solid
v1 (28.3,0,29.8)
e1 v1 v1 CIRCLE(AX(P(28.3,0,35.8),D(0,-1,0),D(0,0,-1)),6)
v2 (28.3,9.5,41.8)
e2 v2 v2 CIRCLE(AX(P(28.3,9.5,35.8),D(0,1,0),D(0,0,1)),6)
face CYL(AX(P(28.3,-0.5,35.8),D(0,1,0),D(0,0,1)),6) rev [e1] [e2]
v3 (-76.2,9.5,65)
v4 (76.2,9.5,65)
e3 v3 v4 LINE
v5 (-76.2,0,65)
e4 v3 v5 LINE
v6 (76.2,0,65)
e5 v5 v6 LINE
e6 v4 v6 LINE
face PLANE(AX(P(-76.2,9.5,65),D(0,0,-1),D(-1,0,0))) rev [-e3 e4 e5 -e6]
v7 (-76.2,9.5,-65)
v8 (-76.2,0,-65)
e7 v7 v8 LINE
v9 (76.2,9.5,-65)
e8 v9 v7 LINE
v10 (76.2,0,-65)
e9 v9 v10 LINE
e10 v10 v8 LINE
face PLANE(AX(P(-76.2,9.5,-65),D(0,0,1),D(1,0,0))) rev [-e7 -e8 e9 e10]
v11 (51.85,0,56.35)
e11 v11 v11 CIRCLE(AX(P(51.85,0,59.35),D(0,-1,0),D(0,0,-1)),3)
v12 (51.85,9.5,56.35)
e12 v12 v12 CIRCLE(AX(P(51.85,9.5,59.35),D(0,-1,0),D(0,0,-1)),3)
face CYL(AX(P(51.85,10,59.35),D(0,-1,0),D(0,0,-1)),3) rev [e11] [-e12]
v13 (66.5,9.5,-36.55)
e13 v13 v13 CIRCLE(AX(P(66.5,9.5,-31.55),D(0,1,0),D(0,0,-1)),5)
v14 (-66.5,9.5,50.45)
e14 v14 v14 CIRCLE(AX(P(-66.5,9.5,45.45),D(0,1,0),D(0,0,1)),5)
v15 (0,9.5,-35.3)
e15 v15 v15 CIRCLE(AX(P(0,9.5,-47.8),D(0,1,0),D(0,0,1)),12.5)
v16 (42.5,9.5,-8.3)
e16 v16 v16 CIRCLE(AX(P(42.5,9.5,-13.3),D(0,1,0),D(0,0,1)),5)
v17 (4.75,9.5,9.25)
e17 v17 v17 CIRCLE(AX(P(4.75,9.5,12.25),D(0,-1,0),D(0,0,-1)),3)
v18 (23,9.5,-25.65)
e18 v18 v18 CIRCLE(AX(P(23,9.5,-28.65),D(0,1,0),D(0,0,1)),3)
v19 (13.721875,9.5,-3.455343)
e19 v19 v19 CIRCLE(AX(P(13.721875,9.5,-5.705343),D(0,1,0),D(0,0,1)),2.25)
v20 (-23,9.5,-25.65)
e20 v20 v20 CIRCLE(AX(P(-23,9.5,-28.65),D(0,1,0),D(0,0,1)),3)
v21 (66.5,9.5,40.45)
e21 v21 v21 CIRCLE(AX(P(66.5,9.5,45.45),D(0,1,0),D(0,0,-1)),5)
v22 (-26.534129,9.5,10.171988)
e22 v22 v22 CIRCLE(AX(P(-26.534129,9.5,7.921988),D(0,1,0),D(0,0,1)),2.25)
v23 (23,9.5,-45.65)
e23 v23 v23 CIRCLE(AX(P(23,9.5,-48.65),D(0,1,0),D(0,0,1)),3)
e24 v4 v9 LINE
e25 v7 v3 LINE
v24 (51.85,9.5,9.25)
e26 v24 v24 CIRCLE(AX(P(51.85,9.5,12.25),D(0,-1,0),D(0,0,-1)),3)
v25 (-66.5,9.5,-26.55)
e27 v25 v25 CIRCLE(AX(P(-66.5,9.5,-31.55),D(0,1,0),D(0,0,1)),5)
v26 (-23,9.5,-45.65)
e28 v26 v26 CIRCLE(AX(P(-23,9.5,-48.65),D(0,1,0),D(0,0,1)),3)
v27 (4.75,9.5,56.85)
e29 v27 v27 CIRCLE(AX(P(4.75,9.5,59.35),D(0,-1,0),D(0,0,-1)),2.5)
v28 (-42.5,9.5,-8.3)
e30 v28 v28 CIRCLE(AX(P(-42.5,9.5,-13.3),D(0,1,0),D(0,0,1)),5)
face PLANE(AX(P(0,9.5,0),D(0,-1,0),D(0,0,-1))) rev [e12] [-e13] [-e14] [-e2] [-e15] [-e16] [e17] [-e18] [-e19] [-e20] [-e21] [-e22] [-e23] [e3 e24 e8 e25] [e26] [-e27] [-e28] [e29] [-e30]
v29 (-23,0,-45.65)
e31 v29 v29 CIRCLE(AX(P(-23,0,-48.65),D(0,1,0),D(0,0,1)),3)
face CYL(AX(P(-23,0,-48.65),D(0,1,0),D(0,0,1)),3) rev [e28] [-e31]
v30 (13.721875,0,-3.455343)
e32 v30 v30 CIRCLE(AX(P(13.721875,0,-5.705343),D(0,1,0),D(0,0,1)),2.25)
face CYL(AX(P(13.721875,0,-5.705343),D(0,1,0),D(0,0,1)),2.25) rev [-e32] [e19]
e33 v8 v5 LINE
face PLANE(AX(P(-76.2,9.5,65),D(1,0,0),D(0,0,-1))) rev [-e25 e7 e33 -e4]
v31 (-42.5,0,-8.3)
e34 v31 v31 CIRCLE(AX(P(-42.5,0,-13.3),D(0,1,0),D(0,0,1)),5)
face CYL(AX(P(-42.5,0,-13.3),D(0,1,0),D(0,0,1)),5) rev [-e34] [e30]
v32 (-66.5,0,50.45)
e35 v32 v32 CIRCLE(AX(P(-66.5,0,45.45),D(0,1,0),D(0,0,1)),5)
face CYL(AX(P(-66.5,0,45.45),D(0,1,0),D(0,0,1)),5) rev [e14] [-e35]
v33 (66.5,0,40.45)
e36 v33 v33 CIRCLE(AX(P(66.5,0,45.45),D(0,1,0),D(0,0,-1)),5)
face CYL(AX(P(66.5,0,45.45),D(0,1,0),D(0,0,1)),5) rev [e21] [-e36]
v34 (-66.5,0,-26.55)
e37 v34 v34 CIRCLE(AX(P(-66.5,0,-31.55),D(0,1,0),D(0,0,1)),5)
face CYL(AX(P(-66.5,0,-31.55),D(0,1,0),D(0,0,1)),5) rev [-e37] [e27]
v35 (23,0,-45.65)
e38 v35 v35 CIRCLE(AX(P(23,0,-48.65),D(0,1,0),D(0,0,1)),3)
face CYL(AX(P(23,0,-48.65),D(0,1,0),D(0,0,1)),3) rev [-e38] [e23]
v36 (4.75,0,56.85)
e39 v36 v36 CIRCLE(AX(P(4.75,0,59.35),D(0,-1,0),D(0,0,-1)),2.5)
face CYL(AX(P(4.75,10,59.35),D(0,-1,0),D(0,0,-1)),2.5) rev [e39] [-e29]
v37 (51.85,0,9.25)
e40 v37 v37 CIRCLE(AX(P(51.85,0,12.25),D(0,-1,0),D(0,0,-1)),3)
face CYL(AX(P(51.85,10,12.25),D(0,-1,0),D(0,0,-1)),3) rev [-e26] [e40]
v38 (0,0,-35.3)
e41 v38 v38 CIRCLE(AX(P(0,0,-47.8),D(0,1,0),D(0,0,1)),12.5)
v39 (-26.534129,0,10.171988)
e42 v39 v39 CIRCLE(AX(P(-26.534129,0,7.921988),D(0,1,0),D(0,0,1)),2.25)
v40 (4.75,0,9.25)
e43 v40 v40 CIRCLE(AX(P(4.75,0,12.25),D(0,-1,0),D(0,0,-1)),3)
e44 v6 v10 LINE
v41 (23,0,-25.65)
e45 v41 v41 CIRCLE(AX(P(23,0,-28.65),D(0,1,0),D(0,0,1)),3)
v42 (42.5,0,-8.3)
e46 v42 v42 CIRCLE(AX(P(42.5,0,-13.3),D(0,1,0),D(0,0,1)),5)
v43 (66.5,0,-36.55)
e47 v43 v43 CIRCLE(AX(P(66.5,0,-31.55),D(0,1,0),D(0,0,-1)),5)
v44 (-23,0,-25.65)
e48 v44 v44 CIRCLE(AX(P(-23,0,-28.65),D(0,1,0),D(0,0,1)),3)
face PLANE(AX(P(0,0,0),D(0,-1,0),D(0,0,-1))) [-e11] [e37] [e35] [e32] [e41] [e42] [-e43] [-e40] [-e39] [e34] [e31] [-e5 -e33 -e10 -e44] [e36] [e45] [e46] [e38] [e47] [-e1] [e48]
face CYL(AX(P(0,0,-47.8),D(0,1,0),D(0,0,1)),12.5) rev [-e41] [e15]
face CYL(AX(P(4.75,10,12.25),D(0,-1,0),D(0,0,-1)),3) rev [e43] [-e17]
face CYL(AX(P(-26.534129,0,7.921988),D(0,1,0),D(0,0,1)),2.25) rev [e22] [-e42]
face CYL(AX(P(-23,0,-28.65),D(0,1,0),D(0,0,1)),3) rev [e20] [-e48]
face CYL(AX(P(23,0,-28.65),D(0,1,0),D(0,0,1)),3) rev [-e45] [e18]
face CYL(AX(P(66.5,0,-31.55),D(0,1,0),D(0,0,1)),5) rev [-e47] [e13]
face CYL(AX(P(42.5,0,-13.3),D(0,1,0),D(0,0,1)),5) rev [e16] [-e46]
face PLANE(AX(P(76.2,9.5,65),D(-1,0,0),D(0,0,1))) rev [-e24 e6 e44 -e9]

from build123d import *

# Parameters (mm, degrees)
SKETCH1_W           = 152.4
SKETCH1_H           = 130
BOSS_EXTRUDE1_DEPTH = 9.5
SKETCH2_R           = 2.5
SKETCH2_R_2         = 3
CUT_EXTRUDE1_DEPTH  = 10
SKETCH3_R           = 6
CUT_EXTRUDE2_DEPTH  = 10
SKETCH4_R           = 2.25
SKETCH4_R_2         = 12.5
CUT_EXTRUDE3_DEPTH  = 10.5
SKETCH5_R           = 3
CUT_EXTRUDE4_DEPTH  = 10.5
SKETCH6_R           = 5
CUT_EXTRUDE5_DEPTH  = 10.5


with BuildPart() as part:
    # Sketch1 → Boss-Extrude1 (new body)
    with BuildSketch(Plane(origin=(0, 0, 0), x_dir=(1, 0, 0), z_dir=(0, 1, 0))):
        Rectangle(SKETCH1_W, SKETCH1_H)
    extrude(amount=BOSS_EXTRUDE1_DEPTH)

    # Sketch2 → Cut-Extrude1 (cut)
    with BuildSketch(Plane(origin=(0, 0, 0), x_dir=(-1, 0, 0), z_dir=(0, -1, 0))):
        with Locations((-4.75, -59.35)):
            Circle(SKETCH2_R)
        with Locations((-51.85, -59.35)):
            Circle(SKETCH2_R_2)
        with Locations((-4.75, -12.25)):
            Circle(SKETCH2_R_2)
        with Locations((-51.85, -12.25)):
            Circle(SKETCH2_R_2)
    extrude(amount=-CUT_EXTRUDE1_DEPTH, mode=Mode.SUBTRACT)

    # Sketch3 → Cut-Extrude2 (cut)
    with BuildSketch(Plane(origin=(0, 9.5, 0), x_dir=(1, 0, 0), z_dir=(0, 1, 0))):
        with Locations((28.3, -35.8)):
            Circle(SKETCH3_R)
    extrude(amount=-CUT_EXTRUDE2_DEPTH, mode=Mode.SUBTRACT)

    # Sketch4 → Cut-Extrude3 (cut, through all)
    with BuildSketch(Plane(origin=(0, 9.5, 0), x_dir=(1, 0, 0), z_dir=(0, 1, 0))):
        with Locations((-26.534128982, -7.921988471)):
            Circle(SKETCH4_R)
        with Locations((13.721874775, 5.705342944)):
            Circle(SKETCH4_R)
        with Locations((0, 47.8)):
            Circle(SKETCH4_R_2)
    extrude(amount=-CUT_EXTRUDE3_DEPTH, mode=Mode.SUBTRACT)

    # Sketch5 → Cut-Extrude4 (cut, through all)
    with BuildSketch(Plane(origin=(0, 9.5, 0), x_dir=(1, 0, 0), z_dir=(0, 1, 0))):
        with Locations((23, 28.65)):
            Circle(SKETCH5_R)
        with Locations((-23, 28.65)):
            Circle(SKETCH5_R)
        with Locations((23, 48.65)):
            Circle(SKETCH5_R)
        with Locations((-23, 48.65)):
            Circle(SKETCH5_R)
    extrude(amount=-CUT_EXTRUDE4_DEPTH, mode=Mode.SUBTRACT)

    # Sketch6 → Cut-Extrude5 (cut, through all)
    with BuildSketch(Plane(origin=(0, 9.5, 0), x_dir=(1, 0, 0), z_dir=(0, 1, 0))):
        with Locations((-66.5, 31.55)):
            Circle(SKETCH6_R)
        with Locations((-66.5, -45.45)):
            Circle(SKETCH6_R)
        with Locations((66.5, -45.45)):
            Circle(SKETCH6_R)
        with Locations((66.5, 31.55)):
            Circle(SKETCH6_R)
        with Locations((-42.5, 13.3)):
            Circle(SKETCH6_R)
        with Locations((42.5, 13.3)):
            Circle(SKETCH6_R)
    extrude(amount=-CUT_EXTRUDE5_DEPTH, mode=Mode.SUBTRACT)


solid = part.part
